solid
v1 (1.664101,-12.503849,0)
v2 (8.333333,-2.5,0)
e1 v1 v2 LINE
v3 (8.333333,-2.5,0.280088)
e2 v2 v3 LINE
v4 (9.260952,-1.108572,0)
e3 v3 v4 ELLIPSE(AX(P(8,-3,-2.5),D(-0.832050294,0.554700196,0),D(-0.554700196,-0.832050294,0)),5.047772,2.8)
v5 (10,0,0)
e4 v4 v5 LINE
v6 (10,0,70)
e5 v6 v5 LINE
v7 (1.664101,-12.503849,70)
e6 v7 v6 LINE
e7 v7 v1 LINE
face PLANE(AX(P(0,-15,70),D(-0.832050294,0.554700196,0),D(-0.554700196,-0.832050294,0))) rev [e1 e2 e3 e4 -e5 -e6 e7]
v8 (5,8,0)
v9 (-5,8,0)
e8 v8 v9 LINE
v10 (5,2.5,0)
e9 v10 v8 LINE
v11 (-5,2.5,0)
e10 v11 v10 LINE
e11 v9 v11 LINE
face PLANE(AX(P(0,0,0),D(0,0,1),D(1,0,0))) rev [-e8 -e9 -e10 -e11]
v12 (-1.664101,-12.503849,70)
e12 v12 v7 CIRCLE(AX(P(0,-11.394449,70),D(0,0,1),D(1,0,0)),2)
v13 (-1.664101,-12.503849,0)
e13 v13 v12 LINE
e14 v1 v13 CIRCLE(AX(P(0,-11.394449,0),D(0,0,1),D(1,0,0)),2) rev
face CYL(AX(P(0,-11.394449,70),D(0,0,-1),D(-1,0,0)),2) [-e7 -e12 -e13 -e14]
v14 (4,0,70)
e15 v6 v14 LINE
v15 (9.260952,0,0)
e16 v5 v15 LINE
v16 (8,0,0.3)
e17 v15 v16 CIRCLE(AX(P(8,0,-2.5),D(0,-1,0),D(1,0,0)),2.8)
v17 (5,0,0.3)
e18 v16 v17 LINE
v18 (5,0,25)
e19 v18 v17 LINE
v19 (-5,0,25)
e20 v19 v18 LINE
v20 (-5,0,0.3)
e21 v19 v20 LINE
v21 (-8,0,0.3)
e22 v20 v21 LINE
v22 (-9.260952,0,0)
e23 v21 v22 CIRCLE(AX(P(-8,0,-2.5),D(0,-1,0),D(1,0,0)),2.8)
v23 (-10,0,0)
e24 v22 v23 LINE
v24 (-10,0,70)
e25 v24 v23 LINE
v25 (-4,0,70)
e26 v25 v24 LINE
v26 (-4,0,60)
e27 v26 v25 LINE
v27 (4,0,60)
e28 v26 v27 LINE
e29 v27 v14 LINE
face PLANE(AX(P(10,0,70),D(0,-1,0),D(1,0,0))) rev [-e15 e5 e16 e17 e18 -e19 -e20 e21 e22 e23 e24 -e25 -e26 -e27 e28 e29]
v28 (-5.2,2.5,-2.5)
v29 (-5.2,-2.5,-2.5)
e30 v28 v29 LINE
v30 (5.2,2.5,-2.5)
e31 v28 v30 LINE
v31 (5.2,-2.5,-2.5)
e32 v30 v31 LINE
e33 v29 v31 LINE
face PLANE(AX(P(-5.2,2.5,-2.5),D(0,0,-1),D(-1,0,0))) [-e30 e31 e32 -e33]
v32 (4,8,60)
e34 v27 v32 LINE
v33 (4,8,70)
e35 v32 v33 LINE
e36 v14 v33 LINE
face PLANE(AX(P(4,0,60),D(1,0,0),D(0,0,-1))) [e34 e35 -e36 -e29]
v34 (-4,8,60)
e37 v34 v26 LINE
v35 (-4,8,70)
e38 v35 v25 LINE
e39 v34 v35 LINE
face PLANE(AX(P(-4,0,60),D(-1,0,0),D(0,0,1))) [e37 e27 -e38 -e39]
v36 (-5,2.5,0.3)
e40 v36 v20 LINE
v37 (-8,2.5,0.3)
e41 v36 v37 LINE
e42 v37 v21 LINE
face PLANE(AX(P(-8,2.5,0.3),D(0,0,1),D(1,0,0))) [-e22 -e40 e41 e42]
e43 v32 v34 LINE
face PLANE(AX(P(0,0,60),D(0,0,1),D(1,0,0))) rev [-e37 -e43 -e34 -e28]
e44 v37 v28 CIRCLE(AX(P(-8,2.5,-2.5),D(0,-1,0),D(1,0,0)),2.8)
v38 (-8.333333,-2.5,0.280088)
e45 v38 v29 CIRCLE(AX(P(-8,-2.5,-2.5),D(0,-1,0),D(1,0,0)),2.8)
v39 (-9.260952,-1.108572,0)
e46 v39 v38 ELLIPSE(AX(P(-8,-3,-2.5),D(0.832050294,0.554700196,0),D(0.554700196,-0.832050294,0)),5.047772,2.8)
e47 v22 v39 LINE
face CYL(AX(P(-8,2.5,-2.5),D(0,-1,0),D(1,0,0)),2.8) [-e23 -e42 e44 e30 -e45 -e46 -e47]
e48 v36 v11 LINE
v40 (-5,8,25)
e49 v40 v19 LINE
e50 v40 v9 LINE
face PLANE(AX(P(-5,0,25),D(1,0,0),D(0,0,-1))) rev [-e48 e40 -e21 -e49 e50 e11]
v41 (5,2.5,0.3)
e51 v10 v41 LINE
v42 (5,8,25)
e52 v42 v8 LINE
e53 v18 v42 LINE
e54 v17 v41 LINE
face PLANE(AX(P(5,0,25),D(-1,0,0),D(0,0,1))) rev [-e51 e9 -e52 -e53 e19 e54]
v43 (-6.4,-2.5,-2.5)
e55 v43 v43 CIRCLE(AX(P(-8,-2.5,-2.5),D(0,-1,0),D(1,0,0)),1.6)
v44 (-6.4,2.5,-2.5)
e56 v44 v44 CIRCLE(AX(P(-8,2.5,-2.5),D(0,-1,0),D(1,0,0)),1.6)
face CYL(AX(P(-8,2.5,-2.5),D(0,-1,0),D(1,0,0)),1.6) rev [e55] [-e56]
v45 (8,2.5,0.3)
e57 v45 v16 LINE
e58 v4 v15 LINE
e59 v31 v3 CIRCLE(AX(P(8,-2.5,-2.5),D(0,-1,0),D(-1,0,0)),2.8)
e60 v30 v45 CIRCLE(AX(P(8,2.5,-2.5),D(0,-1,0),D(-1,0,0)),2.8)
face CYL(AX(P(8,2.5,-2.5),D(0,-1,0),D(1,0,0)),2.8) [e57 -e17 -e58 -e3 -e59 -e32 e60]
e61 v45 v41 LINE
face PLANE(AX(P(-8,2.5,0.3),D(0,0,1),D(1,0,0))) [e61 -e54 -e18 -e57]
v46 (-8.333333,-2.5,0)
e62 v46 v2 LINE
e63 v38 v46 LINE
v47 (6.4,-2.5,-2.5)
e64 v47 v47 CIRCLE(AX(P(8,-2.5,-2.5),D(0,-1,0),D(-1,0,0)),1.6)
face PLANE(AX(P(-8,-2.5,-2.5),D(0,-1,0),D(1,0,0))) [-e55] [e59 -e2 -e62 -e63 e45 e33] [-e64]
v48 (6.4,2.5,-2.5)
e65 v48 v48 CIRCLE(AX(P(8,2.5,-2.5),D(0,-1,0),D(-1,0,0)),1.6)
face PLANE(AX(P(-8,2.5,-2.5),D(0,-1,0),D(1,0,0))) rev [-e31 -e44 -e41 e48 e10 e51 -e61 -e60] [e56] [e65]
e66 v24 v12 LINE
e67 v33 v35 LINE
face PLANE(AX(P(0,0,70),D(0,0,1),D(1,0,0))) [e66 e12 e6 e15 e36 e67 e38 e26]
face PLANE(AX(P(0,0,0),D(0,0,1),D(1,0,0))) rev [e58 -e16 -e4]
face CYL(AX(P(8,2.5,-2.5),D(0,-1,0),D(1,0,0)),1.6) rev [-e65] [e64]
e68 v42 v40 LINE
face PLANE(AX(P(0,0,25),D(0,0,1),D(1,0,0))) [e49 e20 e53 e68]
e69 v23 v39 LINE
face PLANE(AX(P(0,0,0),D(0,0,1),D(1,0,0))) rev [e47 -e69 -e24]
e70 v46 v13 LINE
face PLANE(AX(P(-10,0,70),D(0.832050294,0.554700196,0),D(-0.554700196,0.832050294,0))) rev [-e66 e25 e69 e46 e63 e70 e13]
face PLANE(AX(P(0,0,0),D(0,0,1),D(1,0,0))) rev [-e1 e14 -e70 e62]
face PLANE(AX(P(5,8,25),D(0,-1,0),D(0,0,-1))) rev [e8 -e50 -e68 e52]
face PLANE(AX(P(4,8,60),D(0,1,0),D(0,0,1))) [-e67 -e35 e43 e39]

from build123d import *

# Parameters (mm, degrees)
EXTRUDE_1_DEPTH = 70
SKETCH_2_W      = 10
SKETCH_2_H      = 8
EXTRUDE_2_DEPTH = 25
SKETCH_3_W      = 8
SKETCH_3_H      = 8
EXTRUDE_3_DEPTH = 10
SKETCH_5_R      = 1.6
EXTRUDE_4_DEPTH = 2.5
FILLET_1_R      = 2


with BuildPart() as part:
    # 草图1 → 凸台-拉伸1 (new body)
    with BuildSketch(Plane.XY):
        Polygon((0, -15), (10, 0), (-10, 0), align=None)
    extrude(amount=EXTRUDE_1_DEPTH)

    # 草图2 → 凸台-拉伸2 (add)
    with BuildSketch(Plane.XY):
        with Locations((0, 4)):
            Rectangle(SKETCH_2_W, SKETCH_2_H)
    extrude(amount=EXTRUDE_2_DEPTH)

    # 草图3 → 凸台-拉伸3 (add)
    with BuildSketch(Plane.XY.offset(70)):
        with Locations((0, 4)):
            Rectangle(SKETCH_3_W, SKETCH_3_H)
    extrude(amount=-EXTRUDE_3_DEPTH)

    # 草图5 → 凸台-拉伸4 (add, symmetric)
    with BuildSketch(Plane.XZ):
        with BuildLine():
            Line((-5.2, -2.5), (5.2, -2.5))
            ThreePointArc((5.2, -2.5), (9.979898987, -4.479898987), (8, 0.3))
            Line((8, 0.3), (-8, 0.3))
            ThreePointArc((-8, 0.3), (-9.979898987, -4.479898987), (-5.2, -2.5))
        make_face()
        with Locations((-8, -2.5)):
            Circle(SKETCH_5_R, mode=Mode.SUBTRACT)
        with Locations(Location((8, -2.5, 0), (0, 0, 180))):
            Circle(SKETCH_5_R, mode=Mode.SUBTRACT)
    extrude(amount=EXTRUDE_4_DEPTH, both=True)

    # 圆角1
    fillet_1_edges = [part.edges().sort_by_distance(p)[0] for p in [
        (0, -15, 35),
    ]]
    fillet(fillet_1_edges, radius=FILLET_1_R)


solid = part.part
